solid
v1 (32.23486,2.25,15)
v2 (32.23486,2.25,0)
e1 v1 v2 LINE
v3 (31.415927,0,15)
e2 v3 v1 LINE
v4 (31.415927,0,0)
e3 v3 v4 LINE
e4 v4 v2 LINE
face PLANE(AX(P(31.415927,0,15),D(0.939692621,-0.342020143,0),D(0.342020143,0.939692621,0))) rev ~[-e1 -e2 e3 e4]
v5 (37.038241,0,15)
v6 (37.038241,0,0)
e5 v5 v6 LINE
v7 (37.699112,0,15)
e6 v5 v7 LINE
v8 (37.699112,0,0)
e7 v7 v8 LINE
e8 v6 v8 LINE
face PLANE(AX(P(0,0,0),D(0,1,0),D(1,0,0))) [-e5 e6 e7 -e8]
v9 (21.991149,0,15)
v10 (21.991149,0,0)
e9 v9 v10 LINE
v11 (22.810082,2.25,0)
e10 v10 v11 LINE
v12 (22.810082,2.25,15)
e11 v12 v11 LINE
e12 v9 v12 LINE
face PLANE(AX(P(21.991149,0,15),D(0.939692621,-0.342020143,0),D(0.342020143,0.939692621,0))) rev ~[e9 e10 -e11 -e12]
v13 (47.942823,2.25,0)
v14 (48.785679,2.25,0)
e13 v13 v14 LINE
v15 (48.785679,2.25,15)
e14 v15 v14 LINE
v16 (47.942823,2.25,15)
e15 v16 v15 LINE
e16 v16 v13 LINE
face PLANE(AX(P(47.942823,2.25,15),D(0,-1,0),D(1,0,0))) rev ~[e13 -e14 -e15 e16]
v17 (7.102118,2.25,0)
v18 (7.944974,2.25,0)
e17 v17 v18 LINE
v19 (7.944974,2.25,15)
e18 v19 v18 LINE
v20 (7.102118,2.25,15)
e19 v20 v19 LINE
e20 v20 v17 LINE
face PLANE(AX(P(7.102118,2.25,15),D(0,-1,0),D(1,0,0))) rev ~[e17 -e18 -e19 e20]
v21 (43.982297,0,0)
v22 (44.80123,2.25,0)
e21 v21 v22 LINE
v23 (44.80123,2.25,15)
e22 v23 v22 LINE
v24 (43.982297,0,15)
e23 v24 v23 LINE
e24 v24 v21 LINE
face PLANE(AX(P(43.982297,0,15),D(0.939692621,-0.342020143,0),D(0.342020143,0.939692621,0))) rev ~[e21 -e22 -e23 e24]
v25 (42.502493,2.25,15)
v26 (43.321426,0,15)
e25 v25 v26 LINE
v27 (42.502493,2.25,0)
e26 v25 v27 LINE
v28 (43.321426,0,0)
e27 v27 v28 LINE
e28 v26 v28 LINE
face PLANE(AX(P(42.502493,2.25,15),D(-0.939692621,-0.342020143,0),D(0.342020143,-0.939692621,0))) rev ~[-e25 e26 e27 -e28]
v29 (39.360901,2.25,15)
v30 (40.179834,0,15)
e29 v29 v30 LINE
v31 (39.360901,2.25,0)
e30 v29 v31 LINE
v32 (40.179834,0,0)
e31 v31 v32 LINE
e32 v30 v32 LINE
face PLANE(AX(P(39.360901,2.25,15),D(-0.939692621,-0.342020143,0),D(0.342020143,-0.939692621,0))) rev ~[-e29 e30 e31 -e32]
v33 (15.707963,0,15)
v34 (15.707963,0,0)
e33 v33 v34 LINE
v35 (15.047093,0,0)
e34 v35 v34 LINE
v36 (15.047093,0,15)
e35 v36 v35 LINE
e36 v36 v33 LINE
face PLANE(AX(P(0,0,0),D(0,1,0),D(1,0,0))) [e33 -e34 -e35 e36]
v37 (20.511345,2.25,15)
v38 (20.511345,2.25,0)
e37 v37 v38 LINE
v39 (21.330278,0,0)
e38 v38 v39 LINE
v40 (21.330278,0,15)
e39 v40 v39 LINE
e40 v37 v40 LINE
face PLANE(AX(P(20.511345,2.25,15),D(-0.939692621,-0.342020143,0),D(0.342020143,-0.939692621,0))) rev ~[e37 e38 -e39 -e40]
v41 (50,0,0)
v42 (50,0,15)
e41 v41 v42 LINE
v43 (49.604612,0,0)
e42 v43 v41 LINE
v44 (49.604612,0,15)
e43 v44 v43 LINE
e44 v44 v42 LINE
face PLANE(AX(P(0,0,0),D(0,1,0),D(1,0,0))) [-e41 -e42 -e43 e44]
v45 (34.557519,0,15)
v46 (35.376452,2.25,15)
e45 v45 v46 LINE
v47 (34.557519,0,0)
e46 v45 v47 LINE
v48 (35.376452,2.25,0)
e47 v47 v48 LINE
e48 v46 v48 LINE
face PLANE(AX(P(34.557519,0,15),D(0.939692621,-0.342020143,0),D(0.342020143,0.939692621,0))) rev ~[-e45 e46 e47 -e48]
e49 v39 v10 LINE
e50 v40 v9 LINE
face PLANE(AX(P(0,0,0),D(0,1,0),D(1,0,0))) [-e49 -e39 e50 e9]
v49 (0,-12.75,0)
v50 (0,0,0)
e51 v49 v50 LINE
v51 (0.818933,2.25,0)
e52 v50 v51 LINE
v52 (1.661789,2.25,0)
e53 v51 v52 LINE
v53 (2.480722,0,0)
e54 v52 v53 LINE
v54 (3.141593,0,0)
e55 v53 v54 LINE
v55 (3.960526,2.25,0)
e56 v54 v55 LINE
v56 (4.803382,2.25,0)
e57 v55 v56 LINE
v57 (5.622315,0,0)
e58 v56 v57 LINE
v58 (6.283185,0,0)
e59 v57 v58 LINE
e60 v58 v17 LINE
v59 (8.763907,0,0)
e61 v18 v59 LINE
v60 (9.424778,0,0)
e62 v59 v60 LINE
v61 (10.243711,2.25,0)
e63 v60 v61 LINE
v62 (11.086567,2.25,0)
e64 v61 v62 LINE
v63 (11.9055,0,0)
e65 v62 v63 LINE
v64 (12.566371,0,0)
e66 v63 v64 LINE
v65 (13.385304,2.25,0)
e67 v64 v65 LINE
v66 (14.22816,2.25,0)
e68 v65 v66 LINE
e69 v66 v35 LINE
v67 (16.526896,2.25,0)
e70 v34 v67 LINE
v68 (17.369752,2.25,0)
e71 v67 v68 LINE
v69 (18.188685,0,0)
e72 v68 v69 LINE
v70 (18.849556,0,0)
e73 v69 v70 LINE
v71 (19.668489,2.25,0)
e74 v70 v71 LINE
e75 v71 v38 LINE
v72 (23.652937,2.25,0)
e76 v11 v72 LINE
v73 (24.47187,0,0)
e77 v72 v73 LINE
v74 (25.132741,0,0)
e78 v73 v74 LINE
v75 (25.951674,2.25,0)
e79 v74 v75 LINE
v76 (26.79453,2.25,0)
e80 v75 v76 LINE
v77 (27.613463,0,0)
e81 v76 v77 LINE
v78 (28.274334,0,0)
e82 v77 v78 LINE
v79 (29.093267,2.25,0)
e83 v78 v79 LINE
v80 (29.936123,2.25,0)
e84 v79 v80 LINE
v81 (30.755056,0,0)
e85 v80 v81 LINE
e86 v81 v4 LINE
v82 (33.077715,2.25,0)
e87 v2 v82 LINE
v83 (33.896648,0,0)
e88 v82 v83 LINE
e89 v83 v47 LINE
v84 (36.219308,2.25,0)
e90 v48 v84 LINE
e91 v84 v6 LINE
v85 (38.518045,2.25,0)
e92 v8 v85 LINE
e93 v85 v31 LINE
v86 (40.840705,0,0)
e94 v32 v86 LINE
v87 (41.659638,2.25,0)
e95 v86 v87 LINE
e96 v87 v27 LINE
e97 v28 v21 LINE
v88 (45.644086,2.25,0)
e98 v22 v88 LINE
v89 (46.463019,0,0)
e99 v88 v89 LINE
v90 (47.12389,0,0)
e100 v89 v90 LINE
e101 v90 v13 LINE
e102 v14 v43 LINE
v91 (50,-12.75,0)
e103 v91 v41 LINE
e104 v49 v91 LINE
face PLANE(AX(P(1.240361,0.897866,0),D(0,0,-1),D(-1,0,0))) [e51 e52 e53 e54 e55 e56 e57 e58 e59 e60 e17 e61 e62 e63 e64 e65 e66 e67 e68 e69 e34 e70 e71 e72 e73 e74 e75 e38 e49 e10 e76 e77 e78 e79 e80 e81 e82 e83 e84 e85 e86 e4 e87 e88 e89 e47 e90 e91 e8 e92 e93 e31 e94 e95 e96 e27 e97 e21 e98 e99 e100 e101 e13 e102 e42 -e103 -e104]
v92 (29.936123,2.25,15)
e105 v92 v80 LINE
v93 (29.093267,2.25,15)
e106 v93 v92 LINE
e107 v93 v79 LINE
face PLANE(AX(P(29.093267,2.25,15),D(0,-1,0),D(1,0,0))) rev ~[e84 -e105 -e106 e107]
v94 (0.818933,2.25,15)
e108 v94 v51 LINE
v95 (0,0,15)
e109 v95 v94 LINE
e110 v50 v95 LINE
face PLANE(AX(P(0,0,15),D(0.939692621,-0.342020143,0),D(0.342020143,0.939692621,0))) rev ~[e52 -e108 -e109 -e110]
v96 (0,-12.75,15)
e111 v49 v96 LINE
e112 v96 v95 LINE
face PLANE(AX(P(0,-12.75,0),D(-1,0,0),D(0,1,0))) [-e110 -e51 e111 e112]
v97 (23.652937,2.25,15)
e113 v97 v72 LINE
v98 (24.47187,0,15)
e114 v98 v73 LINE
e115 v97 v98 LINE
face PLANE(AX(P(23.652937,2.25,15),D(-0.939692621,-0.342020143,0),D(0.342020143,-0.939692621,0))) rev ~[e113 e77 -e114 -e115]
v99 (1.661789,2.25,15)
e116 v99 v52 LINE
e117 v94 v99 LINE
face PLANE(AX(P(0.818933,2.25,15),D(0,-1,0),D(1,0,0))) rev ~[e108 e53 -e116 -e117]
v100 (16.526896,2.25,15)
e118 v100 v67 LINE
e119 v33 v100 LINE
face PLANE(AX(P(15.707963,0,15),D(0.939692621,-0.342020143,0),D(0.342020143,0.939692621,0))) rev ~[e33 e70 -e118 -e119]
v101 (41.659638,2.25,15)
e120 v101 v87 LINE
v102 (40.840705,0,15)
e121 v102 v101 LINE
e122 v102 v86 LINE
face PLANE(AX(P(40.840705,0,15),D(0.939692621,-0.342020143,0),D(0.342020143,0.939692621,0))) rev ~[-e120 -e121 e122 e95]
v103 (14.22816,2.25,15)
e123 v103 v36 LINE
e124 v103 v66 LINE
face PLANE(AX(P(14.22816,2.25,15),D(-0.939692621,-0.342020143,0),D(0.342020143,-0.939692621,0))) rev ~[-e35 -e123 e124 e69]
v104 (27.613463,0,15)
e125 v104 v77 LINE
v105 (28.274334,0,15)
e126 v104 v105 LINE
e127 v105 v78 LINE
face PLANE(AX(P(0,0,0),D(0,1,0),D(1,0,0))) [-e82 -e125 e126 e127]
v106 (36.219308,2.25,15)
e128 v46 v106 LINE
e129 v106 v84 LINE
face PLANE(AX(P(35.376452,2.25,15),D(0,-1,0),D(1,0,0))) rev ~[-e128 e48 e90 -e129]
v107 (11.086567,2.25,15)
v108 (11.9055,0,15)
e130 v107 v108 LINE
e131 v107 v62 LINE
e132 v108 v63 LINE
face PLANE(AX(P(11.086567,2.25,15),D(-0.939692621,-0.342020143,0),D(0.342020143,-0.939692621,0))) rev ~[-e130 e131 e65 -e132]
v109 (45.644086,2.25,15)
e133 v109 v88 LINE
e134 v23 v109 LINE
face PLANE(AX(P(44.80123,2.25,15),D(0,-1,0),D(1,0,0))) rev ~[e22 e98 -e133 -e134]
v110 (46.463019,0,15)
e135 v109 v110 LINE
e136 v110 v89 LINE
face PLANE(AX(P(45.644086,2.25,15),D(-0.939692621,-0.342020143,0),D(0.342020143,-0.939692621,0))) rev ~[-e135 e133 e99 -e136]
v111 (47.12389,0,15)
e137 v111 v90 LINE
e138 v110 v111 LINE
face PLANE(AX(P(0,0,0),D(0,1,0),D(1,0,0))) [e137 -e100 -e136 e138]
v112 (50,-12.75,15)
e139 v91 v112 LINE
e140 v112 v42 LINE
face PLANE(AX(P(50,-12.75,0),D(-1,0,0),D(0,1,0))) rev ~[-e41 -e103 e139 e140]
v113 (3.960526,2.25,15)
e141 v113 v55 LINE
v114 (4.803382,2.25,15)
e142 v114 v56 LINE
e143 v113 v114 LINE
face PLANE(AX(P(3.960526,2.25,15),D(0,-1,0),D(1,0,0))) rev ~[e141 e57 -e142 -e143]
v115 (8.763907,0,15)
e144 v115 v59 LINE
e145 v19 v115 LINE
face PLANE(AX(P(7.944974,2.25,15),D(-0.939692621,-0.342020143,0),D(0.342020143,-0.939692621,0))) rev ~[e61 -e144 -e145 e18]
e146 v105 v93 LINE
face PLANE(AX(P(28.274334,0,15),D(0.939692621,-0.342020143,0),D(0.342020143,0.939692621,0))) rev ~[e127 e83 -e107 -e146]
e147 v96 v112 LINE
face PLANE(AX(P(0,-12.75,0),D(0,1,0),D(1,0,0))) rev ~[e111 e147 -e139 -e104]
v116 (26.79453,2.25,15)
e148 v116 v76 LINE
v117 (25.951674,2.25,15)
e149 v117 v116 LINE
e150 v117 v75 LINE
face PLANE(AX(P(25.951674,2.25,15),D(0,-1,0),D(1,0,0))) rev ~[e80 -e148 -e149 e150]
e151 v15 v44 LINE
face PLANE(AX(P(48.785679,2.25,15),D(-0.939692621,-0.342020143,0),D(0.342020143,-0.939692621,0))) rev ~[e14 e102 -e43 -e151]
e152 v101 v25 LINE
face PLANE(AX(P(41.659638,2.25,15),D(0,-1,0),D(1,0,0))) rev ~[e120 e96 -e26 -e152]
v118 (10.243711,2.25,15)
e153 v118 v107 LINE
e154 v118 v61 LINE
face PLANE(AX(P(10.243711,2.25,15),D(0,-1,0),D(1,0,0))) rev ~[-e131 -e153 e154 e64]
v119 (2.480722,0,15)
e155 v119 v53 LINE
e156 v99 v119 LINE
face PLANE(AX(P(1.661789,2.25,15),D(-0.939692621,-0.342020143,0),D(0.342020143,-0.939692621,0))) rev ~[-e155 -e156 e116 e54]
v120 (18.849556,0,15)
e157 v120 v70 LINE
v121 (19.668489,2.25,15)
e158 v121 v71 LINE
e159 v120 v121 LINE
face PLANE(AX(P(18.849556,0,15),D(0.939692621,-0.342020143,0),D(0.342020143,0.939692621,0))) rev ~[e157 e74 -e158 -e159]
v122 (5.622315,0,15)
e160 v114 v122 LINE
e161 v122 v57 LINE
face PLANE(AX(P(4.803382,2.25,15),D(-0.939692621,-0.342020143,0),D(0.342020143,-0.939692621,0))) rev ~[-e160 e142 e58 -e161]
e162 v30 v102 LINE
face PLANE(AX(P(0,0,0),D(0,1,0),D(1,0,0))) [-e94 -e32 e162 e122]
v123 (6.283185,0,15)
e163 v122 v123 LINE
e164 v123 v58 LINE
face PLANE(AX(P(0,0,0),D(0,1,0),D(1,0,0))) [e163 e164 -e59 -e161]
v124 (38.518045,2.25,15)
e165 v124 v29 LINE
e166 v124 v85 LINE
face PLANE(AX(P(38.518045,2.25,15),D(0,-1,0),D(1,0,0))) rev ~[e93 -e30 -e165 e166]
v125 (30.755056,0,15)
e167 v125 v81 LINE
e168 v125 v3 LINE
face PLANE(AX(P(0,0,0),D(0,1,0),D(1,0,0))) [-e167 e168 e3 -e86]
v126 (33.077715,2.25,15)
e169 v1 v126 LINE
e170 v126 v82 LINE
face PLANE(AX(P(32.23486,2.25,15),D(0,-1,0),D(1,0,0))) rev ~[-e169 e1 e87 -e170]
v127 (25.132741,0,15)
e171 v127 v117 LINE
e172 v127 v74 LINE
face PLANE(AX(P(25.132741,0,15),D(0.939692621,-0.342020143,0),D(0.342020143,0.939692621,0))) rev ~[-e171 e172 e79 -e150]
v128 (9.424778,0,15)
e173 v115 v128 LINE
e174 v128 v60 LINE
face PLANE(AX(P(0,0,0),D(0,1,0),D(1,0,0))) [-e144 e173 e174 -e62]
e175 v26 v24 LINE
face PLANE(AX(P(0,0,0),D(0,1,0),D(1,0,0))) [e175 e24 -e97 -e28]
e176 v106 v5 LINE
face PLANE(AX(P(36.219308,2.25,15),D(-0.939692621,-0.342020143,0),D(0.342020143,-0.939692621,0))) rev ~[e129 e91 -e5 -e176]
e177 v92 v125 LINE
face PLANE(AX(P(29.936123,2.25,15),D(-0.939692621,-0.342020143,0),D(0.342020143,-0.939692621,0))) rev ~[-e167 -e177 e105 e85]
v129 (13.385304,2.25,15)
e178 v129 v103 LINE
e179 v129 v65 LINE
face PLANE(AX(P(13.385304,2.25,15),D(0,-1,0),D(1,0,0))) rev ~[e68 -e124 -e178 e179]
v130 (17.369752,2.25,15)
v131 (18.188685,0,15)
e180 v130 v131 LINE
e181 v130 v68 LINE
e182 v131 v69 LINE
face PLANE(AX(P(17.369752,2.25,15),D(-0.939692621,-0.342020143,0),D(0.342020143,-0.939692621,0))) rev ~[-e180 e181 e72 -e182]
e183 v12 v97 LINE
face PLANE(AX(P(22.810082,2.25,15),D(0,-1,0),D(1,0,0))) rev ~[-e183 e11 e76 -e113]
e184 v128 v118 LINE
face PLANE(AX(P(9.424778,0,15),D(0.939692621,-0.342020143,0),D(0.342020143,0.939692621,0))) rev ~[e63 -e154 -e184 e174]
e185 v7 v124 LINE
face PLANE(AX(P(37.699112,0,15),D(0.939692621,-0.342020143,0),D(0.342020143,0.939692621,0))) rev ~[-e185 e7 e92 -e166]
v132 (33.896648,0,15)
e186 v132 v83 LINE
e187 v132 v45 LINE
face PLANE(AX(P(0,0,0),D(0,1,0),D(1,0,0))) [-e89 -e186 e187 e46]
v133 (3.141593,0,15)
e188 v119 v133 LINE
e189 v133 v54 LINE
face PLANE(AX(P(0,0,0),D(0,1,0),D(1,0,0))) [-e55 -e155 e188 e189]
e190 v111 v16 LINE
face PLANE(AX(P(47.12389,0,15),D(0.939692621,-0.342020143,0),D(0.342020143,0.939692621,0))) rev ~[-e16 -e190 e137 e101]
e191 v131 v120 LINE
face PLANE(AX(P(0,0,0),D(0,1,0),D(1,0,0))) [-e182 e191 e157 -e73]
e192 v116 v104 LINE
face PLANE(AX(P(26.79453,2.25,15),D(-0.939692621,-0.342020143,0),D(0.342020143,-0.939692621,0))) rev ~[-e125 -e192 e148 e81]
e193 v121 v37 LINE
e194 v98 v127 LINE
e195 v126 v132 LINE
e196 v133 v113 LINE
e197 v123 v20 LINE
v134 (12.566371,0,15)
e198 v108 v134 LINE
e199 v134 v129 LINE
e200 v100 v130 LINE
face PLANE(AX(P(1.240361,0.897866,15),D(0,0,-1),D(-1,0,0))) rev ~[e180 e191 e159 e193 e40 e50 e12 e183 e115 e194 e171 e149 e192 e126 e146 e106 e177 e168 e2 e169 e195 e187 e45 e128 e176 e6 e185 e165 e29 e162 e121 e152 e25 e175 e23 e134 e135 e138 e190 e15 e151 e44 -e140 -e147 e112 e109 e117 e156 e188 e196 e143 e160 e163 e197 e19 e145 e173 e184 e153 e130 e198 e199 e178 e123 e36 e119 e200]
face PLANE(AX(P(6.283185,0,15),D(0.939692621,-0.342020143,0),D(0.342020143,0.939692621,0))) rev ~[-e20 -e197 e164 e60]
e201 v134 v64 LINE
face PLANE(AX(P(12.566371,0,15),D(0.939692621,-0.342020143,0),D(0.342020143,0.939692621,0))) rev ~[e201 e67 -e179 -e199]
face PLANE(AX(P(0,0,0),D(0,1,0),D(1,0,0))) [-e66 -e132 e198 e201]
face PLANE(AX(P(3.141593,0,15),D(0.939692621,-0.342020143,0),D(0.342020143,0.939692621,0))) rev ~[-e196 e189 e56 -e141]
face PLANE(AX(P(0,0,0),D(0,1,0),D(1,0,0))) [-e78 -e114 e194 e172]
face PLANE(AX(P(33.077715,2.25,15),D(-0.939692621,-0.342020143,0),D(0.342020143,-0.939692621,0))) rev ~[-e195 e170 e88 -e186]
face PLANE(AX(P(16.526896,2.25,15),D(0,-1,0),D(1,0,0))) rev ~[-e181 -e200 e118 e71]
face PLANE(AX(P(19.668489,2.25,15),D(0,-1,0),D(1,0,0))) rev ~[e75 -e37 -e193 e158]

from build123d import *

# Parameters (mm, degrees)
SKETCH_1_W             = 50
SKETCH_1_H             = 12.75
EXTRUDE_1_DEPTH        = 15
EXTRUDE_2_DEPTH        = 15
PATTERN_LINEAR_1_COUNT = 16
PATTERN_LINEAR_1_PITCH = 3.141592654


with BuildPart() as part:
    # 草图1 → 拉伸1 (new body)
    with BuildSketch(Plane.XY):
        with Locations((25, -6.375)):
            Rectangle(SKETCH_1_W, SKETCH_1_H)
    extrude(amount=EXTRUDE_1_DEPTH)

    # 草图2 → 拉伸2 (add)
    with BuildSketch(Plane.XY.offset(15)):
        Polygon((0, 0), (0.818933027, 2.25), (1.661788885, 2.25), (2.480721912, 0), align=None)
    extrude_2 = extrude(amount=-EXTRUDE_2_DEPTH)

    # 阵列(线性)1: 拉伸2 ×16
    with Locations(*[(i * PATTERN_LINEAR_1_PITCH, 0, 0) for i in range(1, PATTERN_LINEAR_1_COUNT)]):
        add(extrude_2)


solid = part.part
